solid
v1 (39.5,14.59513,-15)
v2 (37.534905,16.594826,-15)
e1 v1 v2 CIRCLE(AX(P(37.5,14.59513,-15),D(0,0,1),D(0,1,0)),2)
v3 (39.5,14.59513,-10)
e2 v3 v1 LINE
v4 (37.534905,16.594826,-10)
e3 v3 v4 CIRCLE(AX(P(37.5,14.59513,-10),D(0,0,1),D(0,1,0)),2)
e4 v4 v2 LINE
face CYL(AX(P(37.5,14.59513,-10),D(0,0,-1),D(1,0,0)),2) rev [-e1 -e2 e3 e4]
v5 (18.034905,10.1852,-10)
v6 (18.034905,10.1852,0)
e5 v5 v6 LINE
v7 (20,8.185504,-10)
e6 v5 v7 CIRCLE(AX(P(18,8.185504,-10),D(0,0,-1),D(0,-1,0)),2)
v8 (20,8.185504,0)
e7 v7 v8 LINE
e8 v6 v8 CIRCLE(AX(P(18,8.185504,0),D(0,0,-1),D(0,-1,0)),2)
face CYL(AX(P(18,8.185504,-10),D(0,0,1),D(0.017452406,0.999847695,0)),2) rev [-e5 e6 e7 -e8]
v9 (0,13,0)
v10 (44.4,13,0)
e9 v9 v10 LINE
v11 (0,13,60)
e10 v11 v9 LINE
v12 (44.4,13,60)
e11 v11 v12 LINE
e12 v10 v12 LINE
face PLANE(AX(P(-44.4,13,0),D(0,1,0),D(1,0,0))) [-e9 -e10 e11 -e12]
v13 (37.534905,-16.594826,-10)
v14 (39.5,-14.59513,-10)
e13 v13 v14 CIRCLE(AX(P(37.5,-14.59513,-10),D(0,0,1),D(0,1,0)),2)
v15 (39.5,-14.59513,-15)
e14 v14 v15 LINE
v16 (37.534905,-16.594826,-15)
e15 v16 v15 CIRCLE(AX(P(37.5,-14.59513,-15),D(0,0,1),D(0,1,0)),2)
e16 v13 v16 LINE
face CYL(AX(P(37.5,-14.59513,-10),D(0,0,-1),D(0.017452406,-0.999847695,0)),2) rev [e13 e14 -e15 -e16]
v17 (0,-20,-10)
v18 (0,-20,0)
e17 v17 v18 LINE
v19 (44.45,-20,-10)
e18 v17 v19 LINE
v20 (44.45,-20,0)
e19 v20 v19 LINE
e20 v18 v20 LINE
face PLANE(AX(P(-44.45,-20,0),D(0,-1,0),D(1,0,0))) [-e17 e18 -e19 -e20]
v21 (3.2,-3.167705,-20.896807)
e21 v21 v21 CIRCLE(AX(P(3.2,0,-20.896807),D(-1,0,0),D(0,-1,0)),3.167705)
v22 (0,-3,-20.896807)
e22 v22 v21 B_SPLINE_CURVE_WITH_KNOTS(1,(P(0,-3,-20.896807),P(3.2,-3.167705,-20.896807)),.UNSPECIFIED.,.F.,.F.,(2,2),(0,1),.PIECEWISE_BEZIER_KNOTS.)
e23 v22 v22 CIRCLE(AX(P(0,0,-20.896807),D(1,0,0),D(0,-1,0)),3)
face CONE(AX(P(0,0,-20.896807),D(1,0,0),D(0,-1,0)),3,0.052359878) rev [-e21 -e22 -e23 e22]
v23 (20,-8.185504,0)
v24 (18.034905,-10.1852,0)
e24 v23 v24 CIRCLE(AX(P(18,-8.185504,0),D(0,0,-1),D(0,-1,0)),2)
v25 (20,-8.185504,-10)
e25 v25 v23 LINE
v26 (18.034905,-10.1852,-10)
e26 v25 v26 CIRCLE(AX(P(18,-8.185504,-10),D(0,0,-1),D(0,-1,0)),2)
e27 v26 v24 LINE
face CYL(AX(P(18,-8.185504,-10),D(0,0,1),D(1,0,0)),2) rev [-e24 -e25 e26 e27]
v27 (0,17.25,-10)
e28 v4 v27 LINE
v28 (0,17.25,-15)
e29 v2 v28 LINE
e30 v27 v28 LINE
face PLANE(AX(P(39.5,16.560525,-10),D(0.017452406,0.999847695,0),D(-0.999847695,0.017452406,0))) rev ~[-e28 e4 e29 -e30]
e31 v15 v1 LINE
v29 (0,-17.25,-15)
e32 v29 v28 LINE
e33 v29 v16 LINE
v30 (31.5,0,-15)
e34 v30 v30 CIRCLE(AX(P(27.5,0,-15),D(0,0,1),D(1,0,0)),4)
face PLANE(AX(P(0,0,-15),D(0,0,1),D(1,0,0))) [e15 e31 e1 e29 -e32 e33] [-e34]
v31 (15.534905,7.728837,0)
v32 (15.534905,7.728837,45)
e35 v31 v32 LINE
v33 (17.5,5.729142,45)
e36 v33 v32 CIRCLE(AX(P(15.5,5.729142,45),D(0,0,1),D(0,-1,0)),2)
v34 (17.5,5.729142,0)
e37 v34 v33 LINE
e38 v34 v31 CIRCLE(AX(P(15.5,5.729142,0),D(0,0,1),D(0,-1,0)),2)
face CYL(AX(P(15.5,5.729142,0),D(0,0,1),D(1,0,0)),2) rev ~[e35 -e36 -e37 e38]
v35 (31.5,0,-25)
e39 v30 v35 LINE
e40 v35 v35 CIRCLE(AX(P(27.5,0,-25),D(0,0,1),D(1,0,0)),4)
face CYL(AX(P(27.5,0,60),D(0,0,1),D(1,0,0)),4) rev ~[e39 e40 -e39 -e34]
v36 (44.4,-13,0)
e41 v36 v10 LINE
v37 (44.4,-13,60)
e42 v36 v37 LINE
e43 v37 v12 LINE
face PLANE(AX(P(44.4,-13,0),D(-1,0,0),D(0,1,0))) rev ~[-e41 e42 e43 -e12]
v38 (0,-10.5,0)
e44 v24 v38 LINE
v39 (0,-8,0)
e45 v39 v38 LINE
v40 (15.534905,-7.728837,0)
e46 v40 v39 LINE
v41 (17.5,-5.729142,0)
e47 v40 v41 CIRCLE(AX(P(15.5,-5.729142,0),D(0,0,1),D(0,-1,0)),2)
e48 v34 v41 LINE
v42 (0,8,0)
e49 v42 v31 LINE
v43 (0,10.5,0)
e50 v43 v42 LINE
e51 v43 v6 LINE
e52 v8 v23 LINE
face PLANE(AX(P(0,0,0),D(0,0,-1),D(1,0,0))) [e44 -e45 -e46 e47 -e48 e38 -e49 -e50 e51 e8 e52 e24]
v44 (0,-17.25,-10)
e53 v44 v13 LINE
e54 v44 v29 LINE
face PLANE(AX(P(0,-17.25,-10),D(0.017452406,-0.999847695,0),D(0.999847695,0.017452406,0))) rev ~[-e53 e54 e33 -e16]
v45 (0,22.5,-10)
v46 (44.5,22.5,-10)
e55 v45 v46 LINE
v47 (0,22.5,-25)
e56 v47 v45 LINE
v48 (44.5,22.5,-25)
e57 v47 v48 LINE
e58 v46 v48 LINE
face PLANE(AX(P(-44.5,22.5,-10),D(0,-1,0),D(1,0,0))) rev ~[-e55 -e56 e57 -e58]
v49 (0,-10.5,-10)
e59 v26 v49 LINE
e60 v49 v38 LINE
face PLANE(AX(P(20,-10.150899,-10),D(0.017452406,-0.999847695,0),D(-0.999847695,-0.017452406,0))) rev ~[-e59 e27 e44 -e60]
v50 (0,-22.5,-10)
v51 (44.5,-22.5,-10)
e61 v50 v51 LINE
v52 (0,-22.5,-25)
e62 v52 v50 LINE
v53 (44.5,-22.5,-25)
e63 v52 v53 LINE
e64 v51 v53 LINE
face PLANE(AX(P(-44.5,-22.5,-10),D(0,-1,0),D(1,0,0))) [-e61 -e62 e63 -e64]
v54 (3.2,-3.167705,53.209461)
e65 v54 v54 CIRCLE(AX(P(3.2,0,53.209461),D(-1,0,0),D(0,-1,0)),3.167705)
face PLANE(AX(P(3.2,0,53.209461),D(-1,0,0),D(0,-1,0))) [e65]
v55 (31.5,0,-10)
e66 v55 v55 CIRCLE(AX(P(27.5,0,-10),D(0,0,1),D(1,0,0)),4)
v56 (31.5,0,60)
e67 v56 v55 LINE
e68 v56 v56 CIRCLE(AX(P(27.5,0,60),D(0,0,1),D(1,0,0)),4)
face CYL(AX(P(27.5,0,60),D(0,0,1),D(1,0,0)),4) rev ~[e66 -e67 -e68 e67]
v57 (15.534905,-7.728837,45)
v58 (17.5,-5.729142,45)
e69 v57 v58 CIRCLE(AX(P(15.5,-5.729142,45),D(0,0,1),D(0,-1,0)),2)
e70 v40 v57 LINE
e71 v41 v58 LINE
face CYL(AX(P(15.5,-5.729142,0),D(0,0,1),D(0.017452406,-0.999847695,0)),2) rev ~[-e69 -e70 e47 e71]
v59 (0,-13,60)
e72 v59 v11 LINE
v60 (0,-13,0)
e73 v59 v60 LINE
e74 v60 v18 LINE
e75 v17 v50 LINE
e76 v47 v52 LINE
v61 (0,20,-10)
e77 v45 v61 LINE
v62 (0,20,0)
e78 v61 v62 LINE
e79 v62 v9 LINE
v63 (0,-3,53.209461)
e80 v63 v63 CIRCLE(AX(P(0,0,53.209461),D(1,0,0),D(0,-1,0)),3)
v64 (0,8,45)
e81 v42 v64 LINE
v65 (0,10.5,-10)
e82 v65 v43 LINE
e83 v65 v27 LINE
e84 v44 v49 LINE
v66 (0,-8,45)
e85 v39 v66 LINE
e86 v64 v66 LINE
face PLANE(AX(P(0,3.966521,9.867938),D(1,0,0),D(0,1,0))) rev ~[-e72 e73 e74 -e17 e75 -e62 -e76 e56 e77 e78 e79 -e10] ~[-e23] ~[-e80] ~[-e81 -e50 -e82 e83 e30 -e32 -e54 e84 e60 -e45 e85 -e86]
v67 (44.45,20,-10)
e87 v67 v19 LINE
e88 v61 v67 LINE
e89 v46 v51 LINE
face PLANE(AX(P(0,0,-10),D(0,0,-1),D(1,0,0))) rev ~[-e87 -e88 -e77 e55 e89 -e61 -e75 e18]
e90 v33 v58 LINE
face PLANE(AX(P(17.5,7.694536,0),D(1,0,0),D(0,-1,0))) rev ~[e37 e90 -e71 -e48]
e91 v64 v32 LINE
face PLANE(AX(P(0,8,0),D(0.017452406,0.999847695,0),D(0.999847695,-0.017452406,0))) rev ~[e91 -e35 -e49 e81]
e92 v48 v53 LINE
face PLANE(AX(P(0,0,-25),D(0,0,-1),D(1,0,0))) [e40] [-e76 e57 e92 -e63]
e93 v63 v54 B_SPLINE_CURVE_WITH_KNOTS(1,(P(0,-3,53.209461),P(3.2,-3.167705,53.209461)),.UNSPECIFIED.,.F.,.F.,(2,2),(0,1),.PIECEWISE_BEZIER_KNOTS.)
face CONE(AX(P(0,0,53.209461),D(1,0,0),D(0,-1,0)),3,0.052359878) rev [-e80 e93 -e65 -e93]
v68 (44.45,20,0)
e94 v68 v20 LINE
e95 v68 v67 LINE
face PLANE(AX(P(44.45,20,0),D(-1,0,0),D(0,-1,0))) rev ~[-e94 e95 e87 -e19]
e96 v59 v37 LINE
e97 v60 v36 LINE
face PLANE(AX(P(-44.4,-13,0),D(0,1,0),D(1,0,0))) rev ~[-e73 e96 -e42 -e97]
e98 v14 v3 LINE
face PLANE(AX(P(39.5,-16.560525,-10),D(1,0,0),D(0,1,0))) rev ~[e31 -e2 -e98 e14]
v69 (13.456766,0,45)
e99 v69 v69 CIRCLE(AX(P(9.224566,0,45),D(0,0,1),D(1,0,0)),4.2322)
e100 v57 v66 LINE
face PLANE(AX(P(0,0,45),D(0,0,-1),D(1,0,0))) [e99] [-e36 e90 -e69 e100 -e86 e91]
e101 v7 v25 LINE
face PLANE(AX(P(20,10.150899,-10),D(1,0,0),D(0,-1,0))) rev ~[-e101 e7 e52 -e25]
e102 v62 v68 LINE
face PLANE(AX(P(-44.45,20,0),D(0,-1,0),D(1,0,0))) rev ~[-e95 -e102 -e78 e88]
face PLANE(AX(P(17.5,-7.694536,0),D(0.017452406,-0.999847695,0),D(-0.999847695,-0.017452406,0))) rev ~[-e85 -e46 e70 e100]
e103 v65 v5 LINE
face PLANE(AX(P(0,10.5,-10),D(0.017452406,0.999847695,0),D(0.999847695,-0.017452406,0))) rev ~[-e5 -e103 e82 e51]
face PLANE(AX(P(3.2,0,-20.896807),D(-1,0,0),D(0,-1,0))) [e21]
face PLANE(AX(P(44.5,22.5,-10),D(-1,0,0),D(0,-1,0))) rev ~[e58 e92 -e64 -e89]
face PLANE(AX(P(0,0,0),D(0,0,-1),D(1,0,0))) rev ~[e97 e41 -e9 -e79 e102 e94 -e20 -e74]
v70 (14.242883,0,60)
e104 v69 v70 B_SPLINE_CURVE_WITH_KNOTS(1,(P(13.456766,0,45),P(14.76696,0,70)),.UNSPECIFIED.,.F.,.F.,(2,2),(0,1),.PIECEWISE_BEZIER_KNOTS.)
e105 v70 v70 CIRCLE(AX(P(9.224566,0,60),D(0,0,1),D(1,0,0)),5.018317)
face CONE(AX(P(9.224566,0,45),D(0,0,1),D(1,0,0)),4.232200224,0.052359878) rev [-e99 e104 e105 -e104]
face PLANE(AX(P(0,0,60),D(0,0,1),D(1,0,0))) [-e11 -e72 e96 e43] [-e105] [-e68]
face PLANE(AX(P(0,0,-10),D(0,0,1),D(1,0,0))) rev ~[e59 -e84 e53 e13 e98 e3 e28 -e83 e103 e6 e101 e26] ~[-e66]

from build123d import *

# Parameters (mm, degrees)
F0_W      = 88.8
F0_H      = 26
F1_DEPTH  = 60
F3_DEPTH  = 45
F4_R      = 2
F5_W      = 88.9
F5_H      = 40
F6_DEPTH  = 10
F8_DEPTH  = 10
F9_R      = 2
F10_W     = 89
F10_H     = 45
F11_DEPTH = 15
F13_DEPTH = 5
F14_R     = 2
F15_R     = 4.6723110677
F15_R_2   = 4
F16_DEPTH = 85.001
F17_W     = 79.5239582658
F17_H     = 118.802215904
F18_DEPTH = 80
F19_R     = 3
F20_DEPTH = 3.2
F20_TAPER = -3
F21_R     = 4.232200224
F22_DEPTH = 25
F22_TAPER = -3


with BuildPart() as f1:
    # F0 (on Top) → F1 (new body)
    with BuildSketch(Plane.XY):
        Rectangle(F0_W, F0_H)
    extrude(amount=F1_DEPTH)

    # F2 (on face) → F3 (cut)
    with BuildSketch(Plane(origin=(0, 0, 0), x_dir=(1, 0, 0), z_dir=(0, 0, -1))):
        Polygon((-17.5, -7.6945363638), (0, -8), (17.5, -7.6945363638), (17.5, 7.6945363638), (0, 8), (-17.5, 7.6945363638), align=None)
    extrude(amount=-F3_DEPTH, mode=Mode.SUBTRACT)

    # F4
    f4_edges = [f1.edges().sort_by_distance(p)[0] for p in [
        (-17.5, 7.694536, 22.5),
        (-17.5, -7.694536, 22.5),
        (17.5, -7.694536, 22.5),
        (17.5, 7.694536, 22.5),
    ]]
    fillet(f4_edges, radius=F4_R)

    # F5 (on face) → F6 (join)
    with BuildSketch(Plane(origin=(0, 0, 0), x_dir=(1, 0, 0), z_dir=(0, 0, -1))):
        Rectangle(F5_W, F5_H)
    extrude(amount=F6_DEPTH)

    # F7 (on face) → F8 (cut)
    with BuildSketch(Plane(origin=(0, 0, -10), x_dir=(1, 0, 0), z_dir=(0, 0, -1))):
        Polygon((-20, -10.1508987014), (0, -10.5), (20, -10.1508987014), (20, 10.1508987014), (0, 10.5), (-20, 10.1508987014), align=None)
    extrude(amount=-F8_DEPTH, mode=Mode.SUBTRACT)

    # F9
    f9_edges = [f1.edges().sort_by_distance(p)[0] for p in [
        (-20, 10.150899, -5),
        (-20, -10.150899, -5),
        (20, 10.150899, -5),
        (20, -10.150899, -5),
    ]]
    fillet(f9_edges, radius=F9_R)

    # F10 (on face) → F11 (join)
    with BuildSketch(Plane(origin=(0, 0, -10), x_dir=(1, 0, 0), z_dir=(0, 0, -1))):
        Rectangle(F10_W, F10_H)
    extrude(amount=F11_DEPTH)

    # F12 (on face) → F13 (cut)
    with BuildSketch(Plane.XY.offset(-10)):
        Polygon((-39.5, -16.5605249353), (0, -17.25), (39.5, -16.5605249353), (39.5, 16.5605249353), (0, 17.25), (-39.5, 16.5605249353), align=None)
    extrude(amount=-F13_DEPTH, mode=Mode.SUBTRACT)

    # F14
    f14_edges = [f1.edges().sort_by_distance(p)[0] for p in [
        (-39.5, 16.560525, -12.5),
        (-39.5, -16.560525, -12.5),
        (39.5, -16.560525, -12.5),
        (39.5, 16.560525, -12.5),
    ]]
    fillet(f14_edges, radius=F14_R)

    # F15 (on face) → F16 (cut, through all)
    with BuildSketch(Plane.XY.offset(60)):
        with Locations((-27.5, 0)):
            Circle(F15_R)
        with Locations((27.5, 0)):
            Circle(F15_R_2)
    extrude(amount=-F16_DEPTH, mode=Mode.SUBTRACT)

    # F17 (on Right) → F18 (cut)
    with BuildSketch(Plane.YZ):
        with Locations((3.9665214717, 9.8679382354)):
            Rectangle(F17_W, F17_H)
    extrude(amount=-F18_DEPTH, mode=Mode.SUBTRACT)

    # F19 (on face) → F20 (cut)
    with BuildSketch(Plane(origin=(0, 0, 0), x_dir=(0, -1, 0), z_dir=(-1, 0, 0))):
        with Locations((0, 53.2094612718)):
            Circle(F19_R)
        with Locations((0, -20.896807313)):
            Circle(F19_R)
    extrude(amount=-F20_DEPTH, taper=F20_TAPER, mode=Mode.SUBTRACT)

    # F21 (on face) → F22 (cut)
    with BuildSketch(Plane(origin=(0, 0, 45), x_dir=(1, 0, 0), z_dir=(0, 0, -1))):
        with Locations((9.2245656997, 0)):
            Circle(F21_R)
    extrude(amount=-F22_DEPTH, taper=F22_TAPER, mode=Mode.SUBTRACT)


solid = f1.part
